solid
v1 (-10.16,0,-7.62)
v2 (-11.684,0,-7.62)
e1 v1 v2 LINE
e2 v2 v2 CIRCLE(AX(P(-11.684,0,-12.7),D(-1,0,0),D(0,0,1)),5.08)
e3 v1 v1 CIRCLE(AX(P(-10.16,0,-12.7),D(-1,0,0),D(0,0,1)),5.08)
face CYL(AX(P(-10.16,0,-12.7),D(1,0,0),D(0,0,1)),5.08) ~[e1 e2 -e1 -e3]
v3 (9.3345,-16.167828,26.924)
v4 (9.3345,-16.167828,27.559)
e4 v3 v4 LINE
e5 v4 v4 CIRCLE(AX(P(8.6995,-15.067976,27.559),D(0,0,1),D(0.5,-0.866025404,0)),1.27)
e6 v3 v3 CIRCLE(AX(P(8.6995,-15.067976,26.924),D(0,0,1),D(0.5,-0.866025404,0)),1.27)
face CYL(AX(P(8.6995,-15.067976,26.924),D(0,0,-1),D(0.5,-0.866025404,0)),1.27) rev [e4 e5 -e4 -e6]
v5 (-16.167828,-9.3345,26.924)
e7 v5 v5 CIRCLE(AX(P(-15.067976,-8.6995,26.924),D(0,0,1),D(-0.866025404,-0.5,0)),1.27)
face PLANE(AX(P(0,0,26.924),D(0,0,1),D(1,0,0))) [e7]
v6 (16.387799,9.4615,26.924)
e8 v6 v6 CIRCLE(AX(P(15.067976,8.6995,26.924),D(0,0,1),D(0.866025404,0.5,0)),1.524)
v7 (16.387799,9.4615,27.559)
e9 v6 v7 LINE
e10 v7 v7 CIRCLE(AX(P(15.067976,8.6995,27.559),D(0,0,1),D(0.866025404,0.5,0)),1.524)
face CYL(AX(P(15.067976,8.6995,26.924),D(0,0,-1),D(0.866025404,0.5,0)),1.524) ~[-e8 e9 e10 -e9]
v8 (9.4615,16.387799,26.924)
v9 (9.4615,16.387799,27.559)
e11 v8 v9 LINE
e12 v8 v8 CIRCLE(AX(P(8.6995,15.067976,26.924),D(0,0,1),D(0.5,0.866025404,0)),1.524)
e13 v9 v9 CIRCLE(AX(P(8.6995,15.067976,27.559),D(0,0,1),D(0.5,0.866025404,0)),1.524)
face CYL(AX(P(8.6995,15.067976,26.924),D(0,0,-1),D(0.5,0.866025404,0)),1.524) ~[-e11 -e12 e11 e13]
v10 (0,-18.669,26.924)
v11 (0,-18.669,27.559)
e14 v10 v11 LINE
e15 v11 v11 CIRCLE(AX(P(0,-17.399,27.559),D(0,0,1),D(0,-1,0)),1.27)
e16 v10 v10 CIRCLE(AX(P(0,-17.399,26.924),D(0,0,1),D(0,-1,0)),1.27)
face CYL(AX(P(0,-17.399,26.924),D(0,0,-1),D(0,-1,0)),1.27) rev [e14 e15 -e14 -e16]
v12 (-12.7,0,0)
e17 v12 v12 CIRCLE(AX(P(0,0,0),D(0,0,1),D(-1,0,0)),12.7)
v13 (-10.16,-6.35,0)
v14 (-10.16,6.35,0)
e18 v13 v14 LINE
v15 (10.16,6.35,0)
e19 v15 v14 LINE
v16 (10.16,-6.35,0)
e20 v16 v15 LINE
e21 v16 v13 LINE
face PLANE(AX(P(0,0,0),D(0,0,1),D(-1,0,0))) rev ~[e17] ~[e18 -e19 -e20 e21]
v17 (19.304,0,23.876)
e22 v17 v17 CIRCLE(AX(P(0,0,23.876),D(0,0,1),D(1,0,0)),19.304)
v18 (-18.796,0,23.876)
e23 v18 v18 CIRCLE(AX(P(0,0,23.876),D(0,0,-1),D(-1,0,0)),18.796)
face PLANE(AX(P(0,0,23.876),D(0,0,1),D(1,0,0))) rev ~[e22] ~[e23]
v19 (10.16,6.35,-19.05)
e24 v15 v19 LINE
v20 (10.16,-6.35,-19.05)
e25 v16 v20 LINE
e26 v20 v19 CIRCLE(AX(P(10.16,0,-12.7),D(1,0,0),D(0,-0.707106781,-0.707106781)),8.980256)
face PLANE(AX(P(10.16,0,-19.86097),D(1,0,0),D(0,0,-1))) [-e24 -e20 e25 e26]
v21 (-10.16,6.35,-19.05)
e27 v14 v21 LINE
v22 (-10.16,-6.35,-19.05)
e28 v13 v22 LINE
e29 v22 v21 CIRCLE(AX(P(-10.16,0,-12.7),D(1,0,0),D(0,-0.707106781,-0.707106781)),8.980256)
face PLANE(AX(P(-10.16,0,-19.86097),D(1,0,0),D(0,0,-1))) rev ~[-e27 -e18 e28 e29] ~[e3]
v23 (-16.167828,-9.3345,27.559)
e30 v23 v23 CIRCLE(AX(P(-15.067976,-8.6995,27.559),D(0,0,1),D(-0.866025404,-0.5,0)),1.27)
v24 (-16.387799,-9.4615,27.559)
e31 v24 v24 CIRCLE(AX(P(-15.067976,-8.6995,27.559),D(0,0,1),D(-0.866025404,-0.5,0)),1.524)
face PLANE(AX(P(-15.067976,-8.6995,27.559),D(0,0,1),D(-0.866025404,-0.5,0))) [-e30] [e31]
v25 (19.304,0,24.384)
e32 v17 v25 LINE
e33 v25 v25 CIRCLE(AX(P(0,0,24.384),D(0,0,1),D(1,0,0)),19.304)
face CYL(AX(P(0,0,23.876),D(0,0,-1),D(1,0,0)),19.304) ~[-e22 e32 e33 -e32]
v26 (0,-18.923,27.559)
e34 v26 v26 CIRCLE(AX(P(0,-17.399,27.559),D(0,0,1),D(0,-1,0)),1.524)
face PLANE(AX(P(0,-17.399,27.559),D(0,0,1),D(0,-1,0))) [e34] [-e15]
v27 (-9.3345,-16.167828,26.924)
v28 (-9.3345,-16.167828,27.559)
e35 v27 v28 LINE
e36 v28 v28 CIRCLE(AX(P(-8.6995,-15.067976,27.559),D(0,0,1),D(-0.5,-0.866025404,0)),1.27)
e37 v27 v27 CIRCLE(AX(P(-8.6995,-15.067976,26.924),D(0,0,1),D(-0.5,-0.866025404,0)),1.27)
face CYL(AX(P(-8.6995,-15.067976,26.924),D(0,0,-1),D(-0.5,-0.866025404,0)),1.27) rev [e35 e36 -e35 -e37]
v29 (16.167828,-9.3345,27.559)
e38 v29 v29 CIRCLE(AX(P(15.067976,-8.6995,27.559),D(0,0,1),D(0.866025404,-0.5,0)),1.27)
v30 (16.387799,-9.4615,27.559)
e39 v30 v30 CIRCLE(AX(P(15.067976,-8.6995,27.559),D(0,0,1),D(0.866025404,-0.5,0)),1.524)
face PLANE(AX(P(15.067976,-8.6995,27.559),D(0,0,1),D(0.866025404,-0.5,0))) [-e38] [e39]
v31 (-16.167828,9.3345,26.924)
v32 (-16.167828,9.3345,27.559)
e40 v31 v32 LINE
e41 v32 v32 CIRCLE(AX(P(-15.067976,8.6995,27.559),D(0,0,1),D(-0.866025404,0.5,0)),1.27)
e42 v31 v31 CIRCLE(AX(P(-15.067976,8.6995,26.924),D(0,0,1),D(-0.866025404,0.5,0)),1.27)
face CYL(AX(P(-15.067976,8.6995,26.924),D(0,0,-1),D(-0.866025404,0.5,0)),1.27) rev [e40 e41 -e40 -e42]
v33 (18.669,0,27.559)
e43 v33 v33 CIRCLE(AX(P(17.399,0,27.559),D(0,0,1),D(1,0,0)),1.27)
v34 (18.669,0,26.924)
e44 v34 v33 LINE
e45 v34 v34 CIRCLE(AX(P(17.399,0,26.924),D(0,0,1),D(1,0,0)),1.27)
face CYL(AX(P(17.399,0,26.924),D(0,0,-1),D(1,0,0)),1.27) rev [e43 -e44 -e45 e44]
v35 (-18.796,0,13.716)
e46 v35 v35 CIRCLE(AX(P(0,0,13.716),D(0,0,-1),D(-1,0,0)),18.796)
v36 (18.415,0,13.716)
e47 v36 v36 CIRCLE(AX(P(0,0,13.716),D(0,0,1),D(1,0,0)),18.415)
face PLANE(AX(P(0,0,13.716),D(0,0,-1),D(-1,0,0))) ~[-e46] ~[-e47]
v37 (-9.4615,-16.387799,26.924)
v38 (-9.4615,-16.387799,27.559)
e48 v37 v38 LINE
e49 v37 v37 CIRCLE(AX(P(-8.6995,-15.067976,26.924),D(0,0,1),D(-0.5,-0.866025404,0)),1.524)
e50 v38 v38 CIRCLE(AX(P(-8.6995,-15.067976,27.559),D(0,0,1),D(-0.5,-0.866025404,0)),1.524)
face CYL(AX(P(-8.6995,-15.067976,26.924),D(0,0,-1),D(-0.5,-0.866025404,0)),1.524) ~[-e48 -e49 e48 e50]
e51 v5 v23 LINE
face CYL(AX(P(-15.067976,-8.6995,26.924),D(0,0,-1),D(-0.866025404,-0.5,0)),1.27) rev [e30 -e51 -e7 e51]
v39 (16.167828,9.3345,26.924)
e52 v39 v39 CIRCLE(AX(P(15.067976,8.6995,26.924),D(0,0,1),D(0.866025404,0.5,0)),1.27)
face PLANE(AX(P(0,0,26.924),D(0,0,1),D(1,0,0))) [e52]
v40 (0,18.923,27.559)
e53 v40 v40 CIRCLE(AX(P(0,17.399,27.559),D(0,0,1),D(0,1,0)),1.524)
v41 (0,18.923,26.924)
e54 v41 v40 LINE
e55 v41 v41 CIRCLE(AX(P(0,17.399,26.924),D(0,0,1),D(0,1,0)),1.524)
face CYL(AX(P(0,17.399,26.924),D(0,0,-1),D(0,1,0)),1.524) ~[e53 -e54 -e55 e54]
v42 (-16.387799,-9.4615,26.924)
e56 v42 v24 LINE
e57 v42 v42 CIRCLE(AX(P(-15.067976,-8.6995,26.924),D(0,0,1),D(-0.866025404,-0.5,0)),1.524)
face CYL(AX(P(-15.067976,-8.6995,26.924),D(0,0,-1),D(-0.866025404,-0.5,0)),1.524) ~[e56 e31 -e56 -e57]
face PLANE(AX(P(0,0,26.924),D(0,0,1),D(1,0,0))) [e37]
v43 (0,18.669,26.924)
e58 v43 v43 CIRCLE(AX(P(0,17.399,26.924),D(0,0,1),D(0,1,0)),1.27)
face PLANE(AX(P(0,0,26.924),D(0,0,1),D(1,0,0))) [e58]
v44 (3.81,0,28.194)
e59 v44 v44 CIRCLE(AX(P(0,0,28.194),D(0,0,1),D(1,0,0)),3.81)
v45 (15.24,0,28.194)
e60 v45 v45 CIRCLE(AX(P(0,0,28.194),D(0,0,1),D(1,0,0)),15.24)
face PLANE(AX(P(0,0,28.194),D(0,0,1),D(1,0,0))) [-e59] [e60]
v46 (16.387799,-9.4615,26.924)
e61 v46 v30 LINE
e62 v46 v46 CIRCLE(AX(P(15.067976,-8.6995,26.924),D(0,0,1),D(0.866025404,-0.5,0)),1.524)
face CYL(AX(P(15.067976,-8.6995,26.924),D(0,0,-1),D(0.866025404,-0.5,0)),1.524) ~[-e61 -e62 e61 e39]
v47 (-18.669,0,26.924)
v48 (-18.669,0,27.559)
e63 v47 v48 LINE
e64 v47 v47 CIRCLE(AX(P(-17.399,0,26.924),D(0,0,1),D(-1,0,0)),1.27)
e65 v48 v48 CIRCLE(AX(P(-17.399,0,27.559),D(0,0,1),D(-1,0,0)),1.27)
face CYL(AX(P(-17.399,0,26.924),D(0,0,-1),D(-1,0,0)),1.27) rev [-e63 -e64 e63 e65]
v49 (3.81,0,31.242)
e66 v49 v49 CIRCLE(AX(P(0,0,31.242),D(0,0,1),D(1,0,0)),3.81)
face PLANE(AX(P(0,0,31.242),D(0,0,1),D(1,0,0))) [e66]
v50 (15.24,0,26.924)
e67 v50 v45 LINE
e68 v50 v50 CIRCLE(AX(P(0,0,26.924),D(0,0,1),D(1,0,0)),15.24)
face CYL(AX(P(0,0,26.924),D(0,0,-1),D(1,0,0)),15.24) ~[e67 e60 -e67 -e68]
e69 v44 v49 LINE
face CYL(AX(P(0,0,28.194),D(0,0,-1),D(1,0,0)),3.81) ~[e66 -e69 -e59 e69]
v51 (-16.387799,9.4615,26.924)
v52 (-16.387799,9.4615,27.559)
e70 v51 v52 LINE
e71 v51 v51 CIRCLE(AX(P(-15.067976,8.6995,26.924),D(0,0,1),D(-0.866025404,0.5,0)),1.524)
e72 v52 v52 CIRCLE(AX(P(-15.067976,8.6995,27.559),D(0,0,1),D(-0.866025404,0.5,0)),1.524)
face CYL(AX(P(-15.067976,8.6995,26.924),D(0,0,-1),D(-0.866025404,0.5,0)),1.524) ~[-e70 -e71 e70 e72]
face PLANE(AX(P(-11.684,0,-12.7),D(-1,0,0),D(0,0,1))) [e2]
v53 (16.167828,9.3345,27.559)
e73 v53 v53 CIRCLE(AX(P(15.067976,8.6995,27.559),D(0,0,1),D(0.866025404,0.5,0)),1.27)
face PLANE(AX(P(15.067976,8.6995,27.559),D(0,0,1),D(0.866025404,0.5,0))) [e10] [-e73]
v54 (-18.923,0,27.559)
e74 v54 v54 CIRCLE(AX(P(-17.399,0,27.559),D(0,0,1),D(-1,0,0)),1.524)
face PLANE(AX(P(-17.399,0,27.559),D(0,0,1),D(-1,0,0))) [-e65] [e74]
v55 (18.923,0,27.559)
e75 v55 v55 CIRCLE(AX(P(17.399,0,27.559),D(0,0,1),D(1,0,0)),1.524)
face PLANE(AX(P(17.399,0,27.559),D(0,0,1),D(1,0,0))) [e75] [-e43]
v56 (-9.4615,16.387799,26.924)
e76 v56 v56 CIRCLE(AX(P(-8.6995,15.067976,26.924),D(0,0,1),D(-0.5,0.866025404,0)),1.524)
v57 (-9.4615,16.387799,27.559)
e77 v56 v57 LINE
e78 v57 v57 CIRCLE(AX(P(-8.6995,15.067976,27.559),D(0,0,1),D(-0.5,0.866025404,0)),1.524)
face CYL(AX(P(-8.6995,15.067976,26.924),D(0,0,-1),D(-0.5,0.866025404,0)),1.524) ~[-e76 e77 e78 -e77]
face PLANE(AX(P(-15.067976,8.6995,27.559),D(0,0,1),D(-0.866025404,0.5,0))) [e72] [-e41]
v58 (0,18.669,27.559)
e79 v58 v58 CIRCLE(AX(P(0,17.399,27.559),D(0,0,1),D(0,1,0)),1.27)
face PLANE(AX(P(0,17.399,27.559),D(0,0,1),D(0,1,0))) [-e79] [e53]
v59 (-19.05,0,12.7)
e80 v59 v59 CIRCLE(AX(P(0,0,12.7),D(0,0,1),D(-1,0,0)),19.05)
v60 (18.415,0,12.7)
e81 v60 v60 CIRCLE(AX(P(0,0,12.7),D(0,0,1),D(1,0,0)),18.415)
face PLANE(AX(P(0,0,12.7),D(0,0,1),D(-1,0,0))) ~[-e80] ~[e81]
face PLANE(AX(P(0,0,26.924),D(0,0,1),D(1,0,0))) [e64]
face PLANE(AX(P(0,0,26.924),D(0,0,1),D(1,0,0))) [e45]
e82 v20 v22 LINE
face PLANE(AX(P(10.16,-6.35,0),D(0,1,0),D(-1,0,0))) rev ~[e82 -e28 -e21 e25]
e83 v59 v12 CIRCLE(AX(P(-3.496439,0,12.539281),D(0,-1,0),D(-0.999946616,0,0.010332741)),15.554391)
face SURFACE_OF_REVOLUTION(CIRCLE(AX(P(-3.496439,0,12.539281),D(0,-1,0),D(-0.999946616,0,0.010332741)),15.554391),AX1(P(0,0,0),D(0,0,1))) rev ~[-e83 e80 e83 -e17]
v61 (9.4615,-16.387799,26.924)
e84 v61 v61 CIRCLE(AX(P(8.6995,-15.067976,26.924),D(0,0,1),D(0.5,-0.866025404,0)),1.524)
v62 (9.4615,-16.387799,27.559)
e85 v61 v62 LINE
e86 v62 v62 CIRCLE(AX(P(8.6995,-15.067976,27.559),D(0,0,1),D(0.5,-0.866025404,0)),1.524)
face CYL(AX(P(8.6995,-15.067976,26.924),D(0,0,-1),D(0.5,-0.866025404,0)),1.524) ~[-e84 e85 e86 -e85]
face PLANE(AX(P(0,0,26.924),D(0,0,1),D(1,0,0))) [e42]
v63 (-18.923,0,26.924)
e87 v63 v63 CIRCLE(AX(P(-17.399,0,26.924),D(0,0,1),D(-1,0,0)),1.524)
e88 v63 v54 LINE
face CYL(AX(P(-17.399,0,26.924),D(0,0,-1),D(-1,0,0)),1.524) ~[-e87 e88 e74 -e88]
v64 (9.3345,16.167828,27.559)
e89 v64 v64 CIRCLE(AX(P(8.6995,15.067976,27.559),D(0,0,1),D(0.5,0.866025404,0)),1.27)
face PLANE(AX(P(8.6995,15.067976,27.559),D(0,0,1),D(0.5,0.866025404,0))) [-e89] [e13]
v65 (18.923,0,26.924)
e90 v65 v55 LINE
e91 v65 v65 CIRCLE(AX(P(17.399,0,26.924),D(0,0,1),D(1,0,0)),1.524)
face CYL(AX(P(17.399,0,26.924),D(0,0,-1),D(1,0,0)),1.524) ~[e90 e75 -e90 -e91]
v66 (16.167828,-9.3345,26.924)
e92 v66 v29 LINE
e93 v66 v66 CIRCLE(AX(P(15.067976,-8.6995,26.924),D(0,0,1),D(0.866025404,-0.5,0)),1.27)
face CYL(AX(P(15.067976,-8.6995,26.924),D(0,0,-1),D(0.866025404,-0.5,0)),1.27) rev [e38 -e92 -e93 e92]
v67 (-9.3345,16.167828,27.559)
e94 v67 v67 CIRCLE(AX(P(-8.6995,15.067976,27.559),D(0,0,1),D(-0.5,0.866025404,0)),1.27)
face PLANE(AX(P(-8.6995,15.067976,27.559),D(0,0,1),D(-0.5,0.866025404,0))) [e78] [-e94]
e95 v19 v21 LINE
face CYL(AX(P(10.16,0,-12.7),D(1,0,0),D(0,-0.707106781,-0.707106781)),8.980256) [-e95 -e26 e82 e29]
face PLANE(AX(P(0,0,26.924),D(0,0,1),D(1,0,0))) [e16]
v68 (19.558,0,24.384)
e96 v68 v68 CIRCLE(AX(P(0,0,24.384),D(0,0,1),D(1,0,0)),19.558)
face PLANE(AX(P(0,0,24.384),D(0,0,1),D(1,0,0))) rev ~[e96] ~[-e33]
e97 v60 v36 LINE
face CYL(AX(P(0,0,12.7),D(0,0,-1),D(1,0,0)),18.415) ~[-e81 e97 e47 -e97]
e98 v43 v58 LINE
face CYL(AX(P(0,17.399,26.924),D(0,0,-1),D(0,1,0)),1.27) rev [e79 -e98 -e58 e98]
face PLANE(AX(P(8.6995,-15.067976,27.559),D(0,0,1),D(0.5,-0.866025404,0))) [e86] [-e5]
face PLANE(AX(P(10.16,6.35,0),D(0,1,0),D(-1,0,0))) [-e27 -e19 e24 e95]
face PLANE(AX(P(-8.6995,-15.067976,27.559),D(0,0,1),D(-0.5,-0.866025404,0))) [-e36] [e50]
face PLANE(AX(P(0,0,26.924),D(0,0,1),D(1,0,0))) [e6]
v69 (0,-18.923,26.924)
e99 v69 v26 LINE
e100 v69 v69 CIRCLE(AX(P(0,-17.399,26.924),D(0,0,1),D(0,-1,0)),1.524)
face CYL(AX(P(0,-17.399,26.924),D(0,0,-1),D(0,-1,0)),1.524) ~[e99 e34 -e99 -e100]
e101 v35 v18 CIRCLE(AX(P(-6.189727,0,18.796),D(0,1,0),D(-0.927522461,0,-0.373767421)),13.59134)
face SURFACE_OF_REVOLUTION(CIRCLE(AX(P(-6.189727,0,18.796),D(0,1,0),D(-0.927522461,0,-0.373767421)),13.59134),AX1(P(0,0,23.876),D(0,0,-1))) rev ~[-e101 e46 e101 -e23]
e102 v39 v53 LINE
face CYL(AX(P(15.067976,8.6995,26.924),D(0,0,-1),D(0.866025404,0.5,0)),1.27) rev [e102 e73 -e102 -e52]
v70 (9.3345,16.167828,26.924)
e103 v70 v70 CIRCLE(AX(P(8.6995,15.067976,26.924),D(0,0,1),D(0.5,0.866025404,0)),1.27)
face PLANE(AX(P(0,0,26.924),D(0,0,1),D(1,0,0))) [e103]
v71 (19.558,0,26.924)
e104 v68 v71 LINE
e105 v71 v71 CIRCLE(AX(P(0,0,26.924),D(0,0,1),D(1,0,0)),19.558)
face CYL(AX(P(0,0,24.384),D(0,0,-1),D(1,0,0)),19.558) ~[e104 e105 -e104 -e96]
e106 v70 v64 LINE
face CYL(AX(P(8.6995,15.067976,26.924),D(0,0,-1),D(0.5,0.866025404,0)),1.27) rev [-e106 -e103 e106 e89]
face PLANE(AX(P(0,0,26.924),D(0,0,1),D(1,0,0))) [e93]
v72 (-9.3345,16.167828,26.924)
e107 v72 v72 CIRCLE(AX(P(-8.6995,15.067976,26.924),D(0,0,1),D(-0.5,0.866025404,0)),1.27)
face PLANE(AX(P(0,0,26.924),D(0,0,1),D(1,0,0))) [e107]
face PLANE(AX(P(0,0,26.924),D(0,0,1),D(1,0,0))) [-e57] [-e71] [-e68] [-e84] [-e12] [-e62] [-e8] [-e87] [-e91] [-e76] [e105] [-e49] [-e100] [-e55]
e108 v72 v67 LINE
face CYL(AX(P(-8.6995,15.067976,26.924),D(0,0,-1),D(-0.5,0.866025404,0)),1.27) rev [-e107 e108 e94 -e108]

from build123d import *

# Parameters (mm, degrees)
SKETCH3_R           = 18.415
BOSS_EXTRUDE1_DEPTH = 1.016
SKETCH5_R           = 19.304
BOSS_EXTRUDE2_DEPTH = 0.508
SKETCH6_R           = 19.558
BOSS_EXTRUDE3_DEPTH = 2.54
SKETCH7_R           = 15.24
BOSS_EXTRUDE4_DEPTH = 1.27
SKETCH8_R           = 1.524
SKETCH8_R_2         = 1.27
BOSS_EXTRUDE5_DEPTH = 0.635
CIRPATTERN1_COUNT   = 12
SKETCH9_W           = 20.32
SKETCH9_H           = 12.7
BOSS_EXTRUDE6_DEPTH = 19.05
BOSS_EXTRUDE7_DEPTH = 20.32
SKETCH12_R          = 3.81
BOSS_EXTRUDE8_DEPTH = 3.048
SKETCH13_R          = 5.08
BOSS_EXTRUDE9_DEPTH = 1.524


with BuildPart() as part:
    # Sketch1 → Revolve3 (revolve)
    with BuildSketch(Plane(origin=(0, 0, 0), x_dir=(1, 0, 0), z_dir=(0, 1, 0))):
        with BuildLine():
            Line((0, 0), (0, -12.7))
            Line((0, -12.7), (-19.05, -12.7))
            ThreePointArc((-19.05, -12.7), (-17.408709569, -5.583145216), (-12.7, 0))
            Line((-12.7, 0), (0, 0))
        make_face()
    revolve(axis=Axis((0, 0, 0), (0, 0, 1)))

    # Sketch3 → Boss-Extrude1 (add)
    with BuildSketch(Plane.XY.offset(12.7)):
        Circle(SKETCH3_R)
    extrude(amount=BOSS_EXTRUDE1_DEPTH)

    # Sketch4 → Revolve4 (revolve)
    with BuildSketch(Plane(origin=(0, 0, 0), x_dir=(1, 0, 0), z_dir=(0, 1, 0))):
        with BuildLine():
            Line((0, -13.716), (-18.796, -13.716))
            ThreePointArc((-18.796, -13.716), (-19.781066859, -18.796), (-18.796, -23.876))
            Line((-18.796, -23.876), (0, -23.876))
            Line((0, -23.876), (0, -13.716))
        make_face()
    revolve(axis=Axis((0, 0, 23.876), (0, 0, -1)))

    # Sketch5 → Boss-Extrude2 (add)
    with BuildSketch(Plane.XY.offset(23.876)):
        Circle(SKETCH5_R)
    extrude(amount=BOSS_EXTRUDE2_DEPTH)

    # Sketch6 → Boss-Extrude3 (add)
    with BuildSketch(Plane.XY.offset(24.384)):
        Circle(SKETCH6_R)
    extrude(amount=BOSS_EXTRUDE3_DEPTH)

    # Sketch7 → Boss-Extrude4 (add)
    with BuildSketch(Plane.XY.offset(26.924)):
        Circle(SKETCH7_R)
    extrude(amount=BOSS_EXTRUDE4_DEPTH)

    # Sketch8 → Boss-Extrude5 (add)
    with BuildSketch(Plane.XY.offset(26.924)):
        with Locations((17.399, 0)):
            Circle(SKETCH8_R)
        with Locations((17.399, 0)):
            Circle(SKETCH8_R_2, mode=Mode.SUBTRACT)
    boss_extrude5 = extrude(amount=BOSS_EXTRUDE5_DEPTH)

    # CirPattern1: Boss-Extrude5 ×12 about axis
    cirpattern1_axis = Axis((0, 0, 0), (0, 0, 1))
    for i in range(1, CIRPATTERN1_COUNT):
        add(boss_extrude5.rotate(cirpattern1_axis, i * 360 / CIRPATTERN1_COUNT))

    # Sketch9 → Boss-Extrude6 (add)
    with BuildSketch(Plane(origin=(0, 0, 0), x_dir=(-1, 0, 0), z_dir=(0, 0, -1))):
        Rectangle(SKETCH9_W, SKETCH9_H)
    extrude(amount=BOSS_EXTRUDE6_DEPTH)

    # Sketch10 → Boss-Extrude7 (add)
    with BuildSketch(Plane(origin=(10.16, 0, 0), x_dir=(0, 0, -1), z_dir=(1, 0, 0))):
        with BuildLine():
            Line((19.05, 6.35), (19.05, -6.35))
            ThreePointArc((19.05, -6.35), (21.680256121, 0), (19.05, 6.35))
        make_face()
    extrude(amount=-BOSS_EXTRUDE7_DEPTH)

    # Sketch12 → Boss-Extrude8 (add)
    with BuildSketch(Plane.XY.offset(28.194)):
        Circle(SKETCH12_R)
    extrude(amount=BOSS_EXTRUDE8_DEPTH)

    # Sketch13 → Boss-Extrude9 (add)
    with BuildSketch(Plane.ZY.offset(10.16)):
        with Locations((-12.7, 0)):
            Circle(SKETCH13_R)
    extrude(amount=BOSS_EXTRUDE9_DEPTH)


solid = part.part
